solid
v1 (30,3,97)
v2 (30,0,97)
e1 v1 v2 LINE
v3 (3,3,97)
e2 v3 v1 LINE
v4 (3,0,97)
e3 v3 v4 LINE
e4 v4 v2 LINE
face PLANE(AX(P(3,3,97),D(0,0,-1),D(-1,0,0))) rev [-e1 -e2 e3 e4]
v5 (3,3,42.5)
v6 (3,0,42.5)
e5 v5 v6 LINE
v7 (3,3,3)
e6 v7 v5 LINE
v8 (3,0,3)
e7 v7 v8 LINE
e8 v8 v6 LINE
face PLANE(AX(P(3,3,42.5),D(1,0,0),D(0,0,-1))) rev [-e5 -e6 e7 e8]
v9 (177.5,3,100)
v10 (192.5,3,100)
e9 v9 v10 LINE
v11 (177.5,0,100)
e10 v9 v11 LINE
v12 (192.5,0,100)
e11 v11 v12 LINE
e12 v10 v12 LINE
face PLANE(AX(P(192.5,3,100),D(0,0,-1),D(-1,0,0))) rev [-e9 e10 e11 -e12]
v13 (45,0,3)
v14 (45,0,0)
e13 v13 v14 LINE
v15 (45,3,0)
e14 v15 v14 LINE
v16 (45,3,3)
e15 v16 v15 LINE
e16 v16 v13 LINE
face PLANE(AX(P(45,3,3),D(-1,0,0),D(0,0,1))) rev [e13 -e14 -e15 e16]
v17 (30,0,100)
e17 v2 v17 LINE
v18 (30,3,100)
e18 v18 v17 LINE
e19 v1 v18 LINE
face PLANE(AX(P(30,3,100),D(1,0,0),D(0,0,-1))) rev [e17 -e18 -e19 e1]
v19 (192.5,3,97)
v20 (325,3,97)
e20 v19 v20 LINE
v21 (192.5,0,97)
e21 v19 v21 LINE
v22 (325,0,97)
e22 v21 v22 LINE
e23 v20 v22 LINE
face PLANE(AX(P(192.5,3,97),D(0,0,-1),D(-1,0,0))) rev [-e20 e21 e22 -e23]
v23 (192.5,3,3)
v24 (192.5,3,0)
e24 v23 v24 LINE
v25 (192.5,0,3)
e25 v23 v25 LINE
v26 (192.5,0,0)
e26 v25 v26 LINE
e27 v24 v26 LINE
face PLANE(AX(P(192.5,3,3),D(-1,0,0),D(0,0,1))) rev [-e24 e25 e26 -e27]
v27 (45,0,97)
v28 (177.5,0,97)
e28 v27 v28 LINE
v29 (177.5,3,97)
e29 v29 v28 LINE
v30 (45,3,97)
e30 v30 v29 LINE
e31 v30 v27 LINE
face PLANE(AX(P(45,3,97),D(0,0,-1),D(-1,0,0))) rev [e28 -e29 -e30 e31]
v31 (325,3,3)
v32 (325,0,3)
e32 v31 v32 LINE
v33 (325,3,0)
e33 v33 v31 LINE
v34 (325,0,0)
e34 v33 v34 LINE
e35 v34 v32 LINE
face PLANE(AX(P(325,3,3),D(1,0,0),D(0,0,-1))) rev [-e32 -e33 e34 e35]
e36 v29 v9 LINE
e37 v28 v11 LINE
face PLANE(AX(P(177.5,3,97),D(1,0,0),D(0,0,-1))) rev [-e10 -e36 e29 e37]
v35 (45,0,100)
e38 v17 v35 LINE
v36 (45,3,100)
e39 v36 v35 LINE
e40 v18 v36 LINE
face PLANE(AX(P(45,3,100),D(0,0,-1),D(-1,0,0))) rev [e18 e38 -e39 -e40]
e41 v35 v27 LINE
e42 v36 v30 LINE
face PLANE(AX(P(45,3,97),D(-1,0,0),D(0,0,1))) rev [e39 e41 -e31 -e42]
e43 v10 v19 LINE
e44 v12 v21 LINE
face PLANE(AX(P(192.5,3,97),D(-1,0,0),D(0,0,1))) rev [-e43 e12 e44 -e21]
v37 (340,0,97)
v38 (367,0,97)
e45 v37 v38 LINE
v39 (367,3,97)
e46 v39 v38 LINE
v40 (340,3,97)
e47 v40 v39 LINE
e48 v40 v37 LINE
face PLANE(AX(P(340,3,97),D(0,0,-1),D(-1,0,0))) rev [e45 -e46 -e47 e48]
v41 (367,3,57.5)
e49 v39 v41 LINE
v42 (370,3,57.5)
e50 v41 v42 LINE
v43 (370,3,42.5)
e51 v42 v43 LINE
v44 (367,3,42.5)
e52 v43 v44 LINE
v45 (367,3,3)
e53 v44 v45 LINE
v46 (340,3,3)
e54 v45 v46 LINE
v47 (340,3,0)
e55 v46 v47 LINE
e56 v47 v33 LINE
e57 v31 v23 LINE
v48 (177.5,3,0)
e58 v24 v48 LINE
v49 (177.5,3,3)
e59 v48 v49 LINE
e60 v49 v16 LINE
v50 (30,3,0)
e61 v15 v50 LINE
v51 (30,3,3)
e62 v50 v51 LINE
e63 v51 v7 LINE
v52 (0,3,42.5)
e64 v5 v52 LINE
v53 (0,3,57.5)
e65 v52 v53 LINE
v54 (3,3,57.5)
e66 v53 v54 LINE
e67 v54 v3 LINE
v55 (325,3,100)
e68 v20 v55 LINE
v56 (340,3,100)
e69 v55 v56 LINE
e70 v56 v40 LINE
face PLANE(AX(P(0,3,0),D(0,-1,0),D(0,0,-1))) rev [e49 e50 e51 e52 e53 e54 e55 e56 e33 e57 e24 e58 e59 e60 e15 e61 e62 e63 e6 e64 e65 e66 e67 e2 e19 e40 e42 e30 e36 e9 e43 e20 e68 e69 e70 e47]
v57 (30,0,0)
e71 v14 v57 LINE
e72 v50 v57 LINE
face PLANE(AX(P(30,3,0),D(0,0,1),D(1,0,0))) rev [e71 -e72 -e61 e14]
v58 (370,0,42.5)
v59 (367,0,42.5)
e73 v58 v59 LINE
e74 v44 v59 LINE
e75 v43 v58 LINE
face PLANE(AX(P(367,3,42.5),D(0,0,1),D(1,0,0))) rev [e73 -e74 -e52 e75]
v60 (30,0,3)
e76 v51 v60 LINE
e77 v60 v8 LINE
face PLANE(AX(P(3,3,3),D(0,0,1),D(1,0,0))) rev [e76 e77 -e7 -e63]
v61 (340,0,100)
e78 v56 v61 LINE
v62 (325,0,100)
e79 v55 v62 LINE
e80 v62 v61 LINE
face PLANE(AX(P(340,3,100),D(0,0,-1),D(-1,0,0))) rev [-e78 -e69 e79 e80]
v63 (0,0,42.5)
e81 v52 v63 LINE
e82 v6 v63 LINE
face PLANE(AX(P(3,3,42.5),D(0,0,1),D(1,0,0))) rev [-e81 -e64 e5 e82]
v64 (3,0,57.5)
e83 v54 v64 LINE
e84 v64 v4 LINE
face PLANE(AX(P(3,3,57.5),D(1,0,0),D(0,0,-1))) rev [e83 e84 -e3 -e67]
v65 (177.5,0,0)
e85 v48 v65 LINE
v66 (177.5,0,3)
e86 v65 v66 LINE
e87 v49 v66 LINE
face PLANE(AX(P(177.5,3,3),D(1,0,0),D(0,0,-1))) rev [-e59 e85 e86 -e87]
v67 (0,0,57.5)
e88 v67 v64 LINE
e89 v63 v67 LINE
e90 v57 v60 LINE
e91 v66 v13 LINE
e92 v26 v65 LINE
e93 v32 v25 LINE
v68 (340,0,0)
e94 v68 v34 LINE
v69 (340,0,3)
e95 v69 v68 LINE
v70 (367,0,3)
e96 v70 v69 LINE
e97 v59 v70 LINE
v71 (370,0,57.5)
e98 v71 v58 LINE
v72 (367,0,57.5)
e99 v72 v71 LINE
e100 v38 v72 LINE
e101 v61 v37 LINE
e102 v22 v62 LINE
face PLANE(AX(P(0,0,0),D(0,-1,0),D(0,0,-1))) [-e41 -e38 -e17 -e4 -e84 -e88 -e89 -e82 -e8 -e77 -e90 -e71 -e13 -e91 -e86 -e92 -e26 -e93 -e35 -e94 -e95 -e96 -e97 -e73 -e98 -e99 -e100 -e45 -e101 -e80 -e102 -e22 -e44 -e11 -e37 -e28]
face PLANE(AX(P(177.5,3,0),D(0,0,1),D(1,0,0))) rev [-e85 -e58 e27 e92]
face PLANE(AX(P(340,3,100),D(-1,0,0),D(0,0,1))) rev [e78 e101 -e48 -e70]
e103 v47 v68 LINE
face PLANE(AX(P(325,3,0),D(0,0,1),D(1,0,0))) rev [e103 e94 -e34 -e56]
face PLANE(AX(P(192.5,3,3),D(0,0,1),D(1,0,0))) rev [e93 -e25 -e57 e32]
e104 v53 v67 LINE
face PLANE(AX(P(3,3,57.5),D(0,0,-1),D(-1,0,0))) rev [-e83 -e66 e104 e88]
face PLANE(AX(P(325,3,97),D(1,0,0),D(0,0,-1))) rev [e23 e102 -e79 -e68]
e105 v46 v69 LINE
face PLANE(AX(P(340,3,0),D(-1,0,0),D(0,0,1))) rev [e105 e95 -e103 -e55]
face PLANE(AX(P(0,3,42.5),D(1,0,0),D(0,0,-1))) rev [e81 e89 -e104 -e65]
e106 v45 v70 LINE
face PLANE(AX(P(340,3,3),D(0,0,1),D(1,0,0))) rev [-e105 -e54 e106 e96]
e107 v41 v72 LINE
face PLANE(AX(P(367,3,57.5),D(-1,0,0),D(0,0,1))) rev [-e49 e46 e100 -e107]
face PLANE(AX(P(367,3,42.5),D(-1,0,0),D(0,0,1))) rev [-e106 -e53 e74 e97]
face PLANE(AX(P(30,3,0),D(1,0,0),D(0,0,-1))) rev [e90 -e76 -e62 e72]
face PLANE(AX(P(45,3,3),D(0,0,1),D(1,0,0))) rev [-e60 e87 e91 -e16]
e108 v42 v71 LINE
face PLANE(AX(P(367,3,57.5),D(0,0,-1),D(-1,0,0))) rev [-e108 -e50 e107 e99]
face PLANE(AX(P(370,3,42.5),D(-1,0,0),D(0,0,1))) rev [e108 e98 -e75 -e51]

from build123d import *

# Parameters (mm, degrees)
BOSS_EXTRUDE1_DEPTH = 3


with BuildPart() as part:
    # Sketch1 → Boss-Extrude1 (new body)
    with BuildSketch(Plane(origin=(0, 0, 0), x_dir=(1, 0, 0), z_dir=(0, 1, 0))):
        Polygon((340, -100), (340, -97), (367, -97), (367, -57.5), (370, -57.5), (370, -42.5), (367, -42.5), (367, -3), (340, -3), (340, 0), (325, 0), (325, -3), (192.5, -3), (192.5, 0), (177.5, 0), (177.5, -3), (45, -3), (45, 0), (30, 0), (30, -3), (3, -3), (3, -42.5), (0, -42.5), (0, -57.5), (3, -57.5), (3, -97), (30, -97), (30, -100), (45, -100), (45, -97), (177.5, -97), (177.5, -100), (192.5, -100), (192.5, -97), (325, -97), (325, -100), align=None)
    extrude(amount=BOSS_EXTRUDE1_DEPTH)


solid = part.part
